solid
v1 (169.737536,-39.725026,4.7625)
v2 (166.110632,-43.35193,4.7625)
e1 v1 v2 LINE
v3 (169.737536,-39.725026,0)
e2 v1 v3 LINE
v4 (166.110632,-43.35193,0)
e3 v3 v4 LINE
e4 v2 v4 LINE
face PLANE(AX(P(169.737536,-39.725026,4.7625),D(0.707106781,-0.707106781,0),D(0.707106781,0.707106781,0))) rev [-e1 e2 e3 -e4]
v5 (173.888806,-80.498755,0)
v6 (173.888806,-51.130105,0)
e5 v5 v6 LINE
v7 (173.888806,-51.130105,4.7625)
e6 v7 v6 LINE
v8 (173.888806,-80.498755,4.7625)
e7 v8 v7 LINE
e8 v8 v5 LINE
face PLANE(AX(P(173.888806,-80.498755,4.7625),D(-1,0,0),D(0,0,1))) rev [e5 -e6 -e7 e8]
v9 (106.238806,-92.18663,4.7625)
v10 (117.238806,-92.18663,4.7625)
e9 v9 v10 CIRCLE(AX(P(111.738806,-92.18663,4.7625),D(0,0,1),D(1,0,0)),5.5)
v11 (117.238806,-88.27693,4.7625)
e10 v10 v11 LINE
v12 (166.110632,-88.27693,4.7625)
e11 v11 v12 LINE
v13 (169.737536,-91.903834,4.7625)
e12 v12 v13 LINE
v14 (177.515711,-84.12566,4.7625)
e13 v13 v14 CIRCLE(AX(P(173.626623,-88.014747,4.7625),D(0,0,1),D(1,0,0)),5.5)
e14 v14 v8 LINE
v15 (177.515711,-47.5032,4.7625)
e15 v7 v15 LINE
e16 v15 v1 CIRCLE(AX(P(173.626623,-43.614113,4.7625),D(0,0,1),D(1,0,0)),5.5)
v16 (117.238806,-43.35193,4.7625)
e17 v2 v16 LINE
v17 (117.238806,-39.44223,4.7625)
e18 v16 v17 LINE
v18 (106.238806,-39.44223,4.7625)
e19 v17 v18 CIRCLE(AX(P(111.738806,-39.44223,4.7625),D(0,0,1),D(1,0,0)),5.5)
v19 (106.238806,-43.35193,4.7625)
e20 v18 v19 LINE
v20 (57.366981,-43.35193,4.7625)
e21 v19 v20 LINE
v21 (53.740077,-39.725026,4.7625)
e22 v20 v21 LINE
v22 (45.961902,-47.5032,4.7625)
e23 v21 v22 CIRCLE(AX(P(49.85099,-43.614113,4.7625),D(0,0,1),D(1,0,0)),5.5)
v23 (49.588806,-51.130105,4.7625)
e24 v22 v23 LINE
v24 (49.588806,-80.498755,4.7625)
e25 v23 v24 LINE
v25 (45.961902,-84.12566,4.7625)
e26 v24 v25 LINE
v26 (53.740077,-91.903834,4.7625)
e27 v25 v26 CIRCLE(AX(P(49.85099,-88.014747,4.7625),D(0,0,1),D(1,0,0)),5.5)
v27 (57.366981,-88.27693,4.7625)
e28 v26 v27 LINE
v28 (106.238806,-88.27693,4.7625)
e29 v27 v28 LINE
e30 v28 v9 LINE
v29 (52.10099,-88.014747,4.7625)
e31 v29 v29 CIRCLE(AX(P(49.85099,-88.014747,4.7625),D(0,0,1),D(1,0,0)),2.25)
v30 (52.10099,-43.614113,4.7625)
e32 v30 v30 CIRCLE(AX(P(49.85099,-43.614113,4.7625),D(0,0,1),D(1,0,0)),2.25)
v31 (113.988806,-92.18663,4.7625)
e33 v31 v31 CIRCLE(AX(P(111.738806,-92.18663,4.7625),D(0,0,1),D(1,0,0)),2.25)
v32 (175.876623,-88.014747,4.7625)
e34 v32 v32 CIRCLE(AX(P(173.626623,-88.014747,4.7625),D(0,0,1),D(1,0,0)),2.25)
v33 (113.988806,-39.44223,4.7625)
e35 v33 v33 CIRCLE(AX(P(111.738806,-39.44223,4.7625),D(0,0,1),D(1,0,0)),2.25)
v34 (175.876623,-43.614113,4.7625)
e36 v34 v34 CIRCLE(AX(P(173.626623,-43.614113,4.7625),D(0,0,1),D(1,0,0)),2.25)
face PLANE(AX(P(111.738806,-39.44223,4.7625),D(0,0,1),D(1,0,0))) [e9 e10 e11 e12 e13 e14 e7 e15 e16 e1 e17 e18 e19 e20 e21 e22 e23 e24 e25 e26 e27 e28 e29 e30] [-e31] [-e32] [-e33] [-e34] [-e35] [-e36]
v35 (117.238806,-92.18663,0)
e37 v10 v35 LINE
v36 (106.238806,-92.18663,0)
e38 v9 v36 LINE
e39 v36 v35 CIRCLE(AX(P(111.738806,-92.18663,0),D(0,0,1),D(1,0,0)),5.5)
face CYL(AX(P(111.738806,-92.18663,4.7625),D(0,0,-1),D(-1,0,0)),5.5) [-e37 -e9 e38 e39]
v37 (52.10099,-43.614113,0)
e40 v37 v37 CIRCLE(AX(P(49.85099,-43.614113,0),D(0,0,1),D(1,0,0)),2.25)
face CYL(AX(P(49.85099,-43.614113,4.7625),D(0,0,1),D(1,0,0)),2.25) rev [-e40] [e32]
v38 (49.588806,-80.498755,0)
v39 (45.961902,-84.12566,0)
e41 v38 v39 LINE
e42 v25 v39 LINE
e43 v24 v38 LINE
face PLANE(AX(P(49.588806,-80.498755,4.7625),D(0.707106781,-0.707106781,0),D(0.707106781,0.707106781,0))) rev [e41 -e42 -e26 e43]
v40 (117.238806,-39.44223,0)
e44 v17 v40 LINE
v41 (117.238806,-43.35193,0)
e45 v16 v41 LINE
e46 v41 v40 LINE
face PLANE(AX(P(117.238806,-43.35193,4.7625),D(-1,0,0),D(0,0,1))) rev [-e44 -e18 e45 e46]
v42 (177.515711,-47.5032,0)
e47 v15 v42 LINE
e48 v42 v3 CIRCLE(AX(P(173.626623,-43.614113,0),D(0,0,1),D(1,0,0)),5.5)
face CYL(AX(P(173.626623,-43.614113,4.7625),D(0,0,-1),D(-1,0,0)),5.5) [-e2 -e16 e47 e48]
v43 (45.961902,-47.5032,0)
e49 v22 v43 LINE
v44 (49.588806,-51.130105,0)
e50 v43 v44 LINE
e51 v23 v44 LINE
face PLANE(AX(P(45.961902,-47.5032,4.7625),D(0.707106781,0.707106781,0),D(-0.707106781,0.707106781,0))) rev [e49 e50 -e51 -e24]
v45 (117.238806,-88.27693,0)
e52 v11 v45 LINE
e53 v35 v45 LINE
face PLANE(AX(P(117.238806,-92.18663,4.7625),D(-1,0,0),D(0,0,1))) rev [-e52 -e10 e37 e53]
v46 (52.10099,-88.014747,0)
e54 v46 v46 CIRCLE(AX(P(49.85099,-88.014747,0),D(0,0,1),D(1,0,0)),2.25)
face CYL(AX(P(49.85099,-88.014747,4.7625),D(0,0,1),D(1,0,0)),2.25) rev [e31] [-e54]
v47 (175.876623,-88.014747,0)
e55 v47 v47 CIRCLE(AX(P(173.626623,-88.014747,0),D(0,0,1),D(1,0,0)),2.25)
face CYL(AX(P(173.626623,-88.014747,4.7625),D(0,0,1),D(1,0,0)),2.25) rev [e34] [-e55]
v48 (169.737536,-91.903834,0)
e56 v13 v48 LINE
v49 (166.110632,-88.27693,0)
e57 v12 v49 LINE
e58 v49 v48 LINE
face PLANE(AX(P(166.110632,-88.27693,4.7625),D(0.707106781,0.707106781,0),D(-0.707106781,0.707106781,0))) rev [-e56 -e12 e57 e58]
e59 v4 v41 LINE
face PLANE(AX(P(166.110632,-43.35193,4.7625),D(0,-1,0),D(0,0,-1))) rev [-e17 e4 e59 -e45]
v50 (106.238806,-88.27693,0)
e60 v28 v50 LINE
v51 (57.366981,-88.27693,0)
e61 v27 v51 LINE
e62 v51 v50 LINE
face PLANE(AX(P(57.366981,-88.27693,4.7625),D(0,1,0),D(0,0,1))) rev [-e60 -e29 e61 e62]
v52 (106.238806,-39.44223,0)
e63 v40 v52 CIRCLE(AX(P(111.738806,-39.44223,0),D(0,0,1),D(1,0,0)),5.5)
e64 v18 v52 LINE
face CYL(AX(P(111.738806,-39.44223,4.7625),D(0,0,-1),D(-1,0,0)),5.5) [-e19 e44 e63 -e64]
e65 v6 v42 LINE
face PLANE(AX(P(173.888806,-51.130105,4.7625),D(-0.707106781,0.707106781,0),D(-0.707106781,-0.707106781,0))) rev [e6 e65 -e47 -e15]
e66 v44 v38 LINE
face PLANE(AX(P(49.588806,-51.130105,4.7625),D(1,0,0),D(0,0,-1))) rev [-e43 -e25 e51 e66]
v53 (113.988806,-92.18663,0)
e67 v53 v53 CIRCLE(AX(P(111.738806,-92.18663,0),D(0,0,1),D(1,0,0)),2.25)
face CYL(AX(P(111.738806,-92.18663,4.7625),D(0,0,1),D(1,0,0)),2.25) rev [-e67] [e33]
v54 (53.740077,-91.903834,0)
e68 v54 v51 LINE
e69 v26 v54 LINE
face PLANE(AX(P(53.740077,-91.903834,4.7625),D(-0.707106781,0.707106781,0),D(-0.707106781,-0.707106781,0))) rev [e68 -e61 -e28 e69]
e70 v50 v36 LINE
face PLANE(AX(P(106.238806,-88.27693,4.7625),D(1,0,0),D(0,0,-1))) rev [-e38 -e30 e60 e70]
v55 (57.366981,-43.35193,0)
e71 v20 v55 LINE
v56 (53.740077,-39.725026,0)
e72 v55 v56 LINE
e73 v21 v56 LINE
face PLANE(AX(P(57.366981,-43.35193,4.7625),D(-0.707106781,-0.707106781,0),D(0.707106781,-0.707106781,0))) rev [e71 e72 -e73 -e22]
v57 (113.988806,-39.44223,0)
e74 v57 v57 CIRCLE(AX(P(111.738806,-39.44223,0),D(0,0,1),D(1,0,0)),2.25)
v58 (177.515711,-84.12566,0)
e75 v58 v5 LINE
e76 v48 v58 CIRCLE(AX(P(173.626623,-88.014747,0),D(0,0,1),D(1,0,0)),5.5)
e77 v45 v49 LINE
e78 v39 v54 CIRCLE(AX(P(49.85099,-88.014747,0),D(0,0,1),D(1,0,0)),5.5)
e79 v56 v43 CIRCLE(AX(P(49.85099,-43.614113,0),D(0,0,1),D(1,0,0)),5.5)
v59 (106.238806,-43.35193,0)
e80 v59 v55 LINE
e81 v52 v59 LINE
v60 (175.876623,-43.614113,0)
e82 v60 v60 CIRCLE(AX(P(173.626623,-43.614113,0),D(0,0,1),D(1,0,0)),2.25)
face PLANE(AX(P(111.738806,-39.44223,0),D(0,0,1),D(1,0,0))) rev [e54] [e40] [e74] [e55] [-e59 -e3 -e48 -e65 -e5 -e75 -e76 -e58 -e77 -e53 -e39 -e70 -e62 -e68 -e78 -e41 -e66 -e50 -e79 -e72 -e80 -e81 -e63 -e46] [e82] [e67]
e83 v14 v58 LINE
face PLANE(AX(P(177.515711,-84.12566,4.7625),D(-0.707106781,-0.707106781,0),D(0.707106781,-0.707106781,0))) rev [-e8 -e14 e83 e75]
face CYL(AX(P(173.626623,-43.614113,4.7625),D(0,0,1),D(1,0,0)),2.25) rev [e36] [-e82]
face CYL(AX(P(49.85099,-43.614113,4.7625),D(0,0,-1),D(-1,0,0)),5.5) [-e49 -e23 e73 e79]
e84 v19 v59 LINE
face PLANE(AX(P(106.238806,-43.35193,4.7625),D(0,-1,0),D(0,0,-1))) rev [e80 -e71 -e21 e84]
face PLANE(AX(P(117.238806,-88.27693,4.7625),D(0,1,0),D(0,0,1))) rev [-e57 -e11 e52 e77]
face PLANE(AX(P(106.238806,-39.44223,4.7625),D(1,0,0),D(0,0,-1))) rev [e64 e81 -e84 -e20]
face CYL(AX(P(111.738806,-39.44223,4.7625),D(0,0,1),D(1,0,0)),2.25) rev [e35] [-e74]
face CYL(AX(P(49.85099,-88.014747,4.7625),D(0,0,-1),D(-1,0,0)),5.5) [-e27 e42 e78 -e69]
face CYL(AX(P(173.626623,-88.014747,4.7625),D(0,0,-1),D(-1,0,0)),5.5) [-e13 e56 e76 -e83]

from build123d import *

# Parameters (mm, degrees)
BOSS_EXTRUDE1_DEPTH  = 4.7625
M4_CLEARANCE_HOLE1_D = 4.5


with BuildPart() as part:
    # Sketch1 → Boss-Extrude1 (new body)
    with BuildSketch(Plane.XY):
        with BuildLine():
            Line((166.110631803, -43.351929971), (117.238806396, -43.351929971))
            Line((117.238806396, -43.351929971), (117.238806396, -39.442229971))
            ThreePointArc((117.238806396, -39.442229971), (111.738806396, -33.942229971), (106.238806396, -39.442229971))
            Line((106.238806396, -39.442229971), (106.238806396, -43.351929971))
            Line((106.238806396, -43.351929971), (57.366980989, -43.351929971))
            Line((57.366980989, -43.351929971), (53.740076833, -39.725025815))
            ThreePointArc((53.740076833, -39.725025815), (45.96190224, -39.725025815), (45.96190224, -47.503200408))
            Line((45.96190224, -47.503200408), (49.588806396, -51.130104564))
            Line((49.588806396, -51.130104564), (49.588806396, -80.498755377))
            Line((49.588806396, -80.498755377), (45.96190224, -84.125659533))
            ThreePointArc((45.96190224, -84.125659533), (45.96190224, -91.903834126), (53.740076833, -91.903834126))
            Line((53.740076833, -91.903834126), (57.366980989, -88.276929971))
            Line((57.366980989, -88.276929971), (106.238806396, -88.276929971))
            Line((106.238806396, -88.276929971), (106.238806396, -92.186629971))
            ThreePointArc((106.238806396, -92.186629971), (111.738806396, -97.686629971), (117.238806396, -92.186629971))
            Line((117.238806396, -92.186629971), (117.238806396, -88.276929971))
            Line((117.238806396, -88.276929971), (166.110631803, -88.276929971))
            Line((166.110631803, -88.276929971), (169.737535958, -91.903834126))
            ThreePointArc((169.737535958, -91.903834126), (177.515710552, -91.903834126), (177.515710552, -84.125659533))
            Line((177.515710552, -84.125659533), (173.888806396, -80.498755377))
            Line((173.888806396, -80.498755377), (173.888806396, -51.130104564))
            Line((173.888806396, -51.130104564), (177.515710552, -47.503200408))
            ThreePointArc((177.515710552, -47.503200408), (177.515710552, -39.725025815), (169.737535958, -39.725025815))
            Line((169.737535958, -39.725025815), (166.110631803, -43.351929971))
        make_face()
    extrude(amount=BOSS_EXTRUDE1_DEPTH)

    # M4 Clearance Hole1 (through all)
    with Locations(Plane.XY.offset(4.7625)):
        with Locations((111.738806396, -39.442229971), (173.626623255, -43.614113111), (173.626623255, -88.01474683), (111.738806396, -92.186629971), (49.850989537, -88.01474683), (49.850989537, -43.614113111)):
            Hole(M4_CLEARANCE_HOLE1_D / 2)


solid = part.part
